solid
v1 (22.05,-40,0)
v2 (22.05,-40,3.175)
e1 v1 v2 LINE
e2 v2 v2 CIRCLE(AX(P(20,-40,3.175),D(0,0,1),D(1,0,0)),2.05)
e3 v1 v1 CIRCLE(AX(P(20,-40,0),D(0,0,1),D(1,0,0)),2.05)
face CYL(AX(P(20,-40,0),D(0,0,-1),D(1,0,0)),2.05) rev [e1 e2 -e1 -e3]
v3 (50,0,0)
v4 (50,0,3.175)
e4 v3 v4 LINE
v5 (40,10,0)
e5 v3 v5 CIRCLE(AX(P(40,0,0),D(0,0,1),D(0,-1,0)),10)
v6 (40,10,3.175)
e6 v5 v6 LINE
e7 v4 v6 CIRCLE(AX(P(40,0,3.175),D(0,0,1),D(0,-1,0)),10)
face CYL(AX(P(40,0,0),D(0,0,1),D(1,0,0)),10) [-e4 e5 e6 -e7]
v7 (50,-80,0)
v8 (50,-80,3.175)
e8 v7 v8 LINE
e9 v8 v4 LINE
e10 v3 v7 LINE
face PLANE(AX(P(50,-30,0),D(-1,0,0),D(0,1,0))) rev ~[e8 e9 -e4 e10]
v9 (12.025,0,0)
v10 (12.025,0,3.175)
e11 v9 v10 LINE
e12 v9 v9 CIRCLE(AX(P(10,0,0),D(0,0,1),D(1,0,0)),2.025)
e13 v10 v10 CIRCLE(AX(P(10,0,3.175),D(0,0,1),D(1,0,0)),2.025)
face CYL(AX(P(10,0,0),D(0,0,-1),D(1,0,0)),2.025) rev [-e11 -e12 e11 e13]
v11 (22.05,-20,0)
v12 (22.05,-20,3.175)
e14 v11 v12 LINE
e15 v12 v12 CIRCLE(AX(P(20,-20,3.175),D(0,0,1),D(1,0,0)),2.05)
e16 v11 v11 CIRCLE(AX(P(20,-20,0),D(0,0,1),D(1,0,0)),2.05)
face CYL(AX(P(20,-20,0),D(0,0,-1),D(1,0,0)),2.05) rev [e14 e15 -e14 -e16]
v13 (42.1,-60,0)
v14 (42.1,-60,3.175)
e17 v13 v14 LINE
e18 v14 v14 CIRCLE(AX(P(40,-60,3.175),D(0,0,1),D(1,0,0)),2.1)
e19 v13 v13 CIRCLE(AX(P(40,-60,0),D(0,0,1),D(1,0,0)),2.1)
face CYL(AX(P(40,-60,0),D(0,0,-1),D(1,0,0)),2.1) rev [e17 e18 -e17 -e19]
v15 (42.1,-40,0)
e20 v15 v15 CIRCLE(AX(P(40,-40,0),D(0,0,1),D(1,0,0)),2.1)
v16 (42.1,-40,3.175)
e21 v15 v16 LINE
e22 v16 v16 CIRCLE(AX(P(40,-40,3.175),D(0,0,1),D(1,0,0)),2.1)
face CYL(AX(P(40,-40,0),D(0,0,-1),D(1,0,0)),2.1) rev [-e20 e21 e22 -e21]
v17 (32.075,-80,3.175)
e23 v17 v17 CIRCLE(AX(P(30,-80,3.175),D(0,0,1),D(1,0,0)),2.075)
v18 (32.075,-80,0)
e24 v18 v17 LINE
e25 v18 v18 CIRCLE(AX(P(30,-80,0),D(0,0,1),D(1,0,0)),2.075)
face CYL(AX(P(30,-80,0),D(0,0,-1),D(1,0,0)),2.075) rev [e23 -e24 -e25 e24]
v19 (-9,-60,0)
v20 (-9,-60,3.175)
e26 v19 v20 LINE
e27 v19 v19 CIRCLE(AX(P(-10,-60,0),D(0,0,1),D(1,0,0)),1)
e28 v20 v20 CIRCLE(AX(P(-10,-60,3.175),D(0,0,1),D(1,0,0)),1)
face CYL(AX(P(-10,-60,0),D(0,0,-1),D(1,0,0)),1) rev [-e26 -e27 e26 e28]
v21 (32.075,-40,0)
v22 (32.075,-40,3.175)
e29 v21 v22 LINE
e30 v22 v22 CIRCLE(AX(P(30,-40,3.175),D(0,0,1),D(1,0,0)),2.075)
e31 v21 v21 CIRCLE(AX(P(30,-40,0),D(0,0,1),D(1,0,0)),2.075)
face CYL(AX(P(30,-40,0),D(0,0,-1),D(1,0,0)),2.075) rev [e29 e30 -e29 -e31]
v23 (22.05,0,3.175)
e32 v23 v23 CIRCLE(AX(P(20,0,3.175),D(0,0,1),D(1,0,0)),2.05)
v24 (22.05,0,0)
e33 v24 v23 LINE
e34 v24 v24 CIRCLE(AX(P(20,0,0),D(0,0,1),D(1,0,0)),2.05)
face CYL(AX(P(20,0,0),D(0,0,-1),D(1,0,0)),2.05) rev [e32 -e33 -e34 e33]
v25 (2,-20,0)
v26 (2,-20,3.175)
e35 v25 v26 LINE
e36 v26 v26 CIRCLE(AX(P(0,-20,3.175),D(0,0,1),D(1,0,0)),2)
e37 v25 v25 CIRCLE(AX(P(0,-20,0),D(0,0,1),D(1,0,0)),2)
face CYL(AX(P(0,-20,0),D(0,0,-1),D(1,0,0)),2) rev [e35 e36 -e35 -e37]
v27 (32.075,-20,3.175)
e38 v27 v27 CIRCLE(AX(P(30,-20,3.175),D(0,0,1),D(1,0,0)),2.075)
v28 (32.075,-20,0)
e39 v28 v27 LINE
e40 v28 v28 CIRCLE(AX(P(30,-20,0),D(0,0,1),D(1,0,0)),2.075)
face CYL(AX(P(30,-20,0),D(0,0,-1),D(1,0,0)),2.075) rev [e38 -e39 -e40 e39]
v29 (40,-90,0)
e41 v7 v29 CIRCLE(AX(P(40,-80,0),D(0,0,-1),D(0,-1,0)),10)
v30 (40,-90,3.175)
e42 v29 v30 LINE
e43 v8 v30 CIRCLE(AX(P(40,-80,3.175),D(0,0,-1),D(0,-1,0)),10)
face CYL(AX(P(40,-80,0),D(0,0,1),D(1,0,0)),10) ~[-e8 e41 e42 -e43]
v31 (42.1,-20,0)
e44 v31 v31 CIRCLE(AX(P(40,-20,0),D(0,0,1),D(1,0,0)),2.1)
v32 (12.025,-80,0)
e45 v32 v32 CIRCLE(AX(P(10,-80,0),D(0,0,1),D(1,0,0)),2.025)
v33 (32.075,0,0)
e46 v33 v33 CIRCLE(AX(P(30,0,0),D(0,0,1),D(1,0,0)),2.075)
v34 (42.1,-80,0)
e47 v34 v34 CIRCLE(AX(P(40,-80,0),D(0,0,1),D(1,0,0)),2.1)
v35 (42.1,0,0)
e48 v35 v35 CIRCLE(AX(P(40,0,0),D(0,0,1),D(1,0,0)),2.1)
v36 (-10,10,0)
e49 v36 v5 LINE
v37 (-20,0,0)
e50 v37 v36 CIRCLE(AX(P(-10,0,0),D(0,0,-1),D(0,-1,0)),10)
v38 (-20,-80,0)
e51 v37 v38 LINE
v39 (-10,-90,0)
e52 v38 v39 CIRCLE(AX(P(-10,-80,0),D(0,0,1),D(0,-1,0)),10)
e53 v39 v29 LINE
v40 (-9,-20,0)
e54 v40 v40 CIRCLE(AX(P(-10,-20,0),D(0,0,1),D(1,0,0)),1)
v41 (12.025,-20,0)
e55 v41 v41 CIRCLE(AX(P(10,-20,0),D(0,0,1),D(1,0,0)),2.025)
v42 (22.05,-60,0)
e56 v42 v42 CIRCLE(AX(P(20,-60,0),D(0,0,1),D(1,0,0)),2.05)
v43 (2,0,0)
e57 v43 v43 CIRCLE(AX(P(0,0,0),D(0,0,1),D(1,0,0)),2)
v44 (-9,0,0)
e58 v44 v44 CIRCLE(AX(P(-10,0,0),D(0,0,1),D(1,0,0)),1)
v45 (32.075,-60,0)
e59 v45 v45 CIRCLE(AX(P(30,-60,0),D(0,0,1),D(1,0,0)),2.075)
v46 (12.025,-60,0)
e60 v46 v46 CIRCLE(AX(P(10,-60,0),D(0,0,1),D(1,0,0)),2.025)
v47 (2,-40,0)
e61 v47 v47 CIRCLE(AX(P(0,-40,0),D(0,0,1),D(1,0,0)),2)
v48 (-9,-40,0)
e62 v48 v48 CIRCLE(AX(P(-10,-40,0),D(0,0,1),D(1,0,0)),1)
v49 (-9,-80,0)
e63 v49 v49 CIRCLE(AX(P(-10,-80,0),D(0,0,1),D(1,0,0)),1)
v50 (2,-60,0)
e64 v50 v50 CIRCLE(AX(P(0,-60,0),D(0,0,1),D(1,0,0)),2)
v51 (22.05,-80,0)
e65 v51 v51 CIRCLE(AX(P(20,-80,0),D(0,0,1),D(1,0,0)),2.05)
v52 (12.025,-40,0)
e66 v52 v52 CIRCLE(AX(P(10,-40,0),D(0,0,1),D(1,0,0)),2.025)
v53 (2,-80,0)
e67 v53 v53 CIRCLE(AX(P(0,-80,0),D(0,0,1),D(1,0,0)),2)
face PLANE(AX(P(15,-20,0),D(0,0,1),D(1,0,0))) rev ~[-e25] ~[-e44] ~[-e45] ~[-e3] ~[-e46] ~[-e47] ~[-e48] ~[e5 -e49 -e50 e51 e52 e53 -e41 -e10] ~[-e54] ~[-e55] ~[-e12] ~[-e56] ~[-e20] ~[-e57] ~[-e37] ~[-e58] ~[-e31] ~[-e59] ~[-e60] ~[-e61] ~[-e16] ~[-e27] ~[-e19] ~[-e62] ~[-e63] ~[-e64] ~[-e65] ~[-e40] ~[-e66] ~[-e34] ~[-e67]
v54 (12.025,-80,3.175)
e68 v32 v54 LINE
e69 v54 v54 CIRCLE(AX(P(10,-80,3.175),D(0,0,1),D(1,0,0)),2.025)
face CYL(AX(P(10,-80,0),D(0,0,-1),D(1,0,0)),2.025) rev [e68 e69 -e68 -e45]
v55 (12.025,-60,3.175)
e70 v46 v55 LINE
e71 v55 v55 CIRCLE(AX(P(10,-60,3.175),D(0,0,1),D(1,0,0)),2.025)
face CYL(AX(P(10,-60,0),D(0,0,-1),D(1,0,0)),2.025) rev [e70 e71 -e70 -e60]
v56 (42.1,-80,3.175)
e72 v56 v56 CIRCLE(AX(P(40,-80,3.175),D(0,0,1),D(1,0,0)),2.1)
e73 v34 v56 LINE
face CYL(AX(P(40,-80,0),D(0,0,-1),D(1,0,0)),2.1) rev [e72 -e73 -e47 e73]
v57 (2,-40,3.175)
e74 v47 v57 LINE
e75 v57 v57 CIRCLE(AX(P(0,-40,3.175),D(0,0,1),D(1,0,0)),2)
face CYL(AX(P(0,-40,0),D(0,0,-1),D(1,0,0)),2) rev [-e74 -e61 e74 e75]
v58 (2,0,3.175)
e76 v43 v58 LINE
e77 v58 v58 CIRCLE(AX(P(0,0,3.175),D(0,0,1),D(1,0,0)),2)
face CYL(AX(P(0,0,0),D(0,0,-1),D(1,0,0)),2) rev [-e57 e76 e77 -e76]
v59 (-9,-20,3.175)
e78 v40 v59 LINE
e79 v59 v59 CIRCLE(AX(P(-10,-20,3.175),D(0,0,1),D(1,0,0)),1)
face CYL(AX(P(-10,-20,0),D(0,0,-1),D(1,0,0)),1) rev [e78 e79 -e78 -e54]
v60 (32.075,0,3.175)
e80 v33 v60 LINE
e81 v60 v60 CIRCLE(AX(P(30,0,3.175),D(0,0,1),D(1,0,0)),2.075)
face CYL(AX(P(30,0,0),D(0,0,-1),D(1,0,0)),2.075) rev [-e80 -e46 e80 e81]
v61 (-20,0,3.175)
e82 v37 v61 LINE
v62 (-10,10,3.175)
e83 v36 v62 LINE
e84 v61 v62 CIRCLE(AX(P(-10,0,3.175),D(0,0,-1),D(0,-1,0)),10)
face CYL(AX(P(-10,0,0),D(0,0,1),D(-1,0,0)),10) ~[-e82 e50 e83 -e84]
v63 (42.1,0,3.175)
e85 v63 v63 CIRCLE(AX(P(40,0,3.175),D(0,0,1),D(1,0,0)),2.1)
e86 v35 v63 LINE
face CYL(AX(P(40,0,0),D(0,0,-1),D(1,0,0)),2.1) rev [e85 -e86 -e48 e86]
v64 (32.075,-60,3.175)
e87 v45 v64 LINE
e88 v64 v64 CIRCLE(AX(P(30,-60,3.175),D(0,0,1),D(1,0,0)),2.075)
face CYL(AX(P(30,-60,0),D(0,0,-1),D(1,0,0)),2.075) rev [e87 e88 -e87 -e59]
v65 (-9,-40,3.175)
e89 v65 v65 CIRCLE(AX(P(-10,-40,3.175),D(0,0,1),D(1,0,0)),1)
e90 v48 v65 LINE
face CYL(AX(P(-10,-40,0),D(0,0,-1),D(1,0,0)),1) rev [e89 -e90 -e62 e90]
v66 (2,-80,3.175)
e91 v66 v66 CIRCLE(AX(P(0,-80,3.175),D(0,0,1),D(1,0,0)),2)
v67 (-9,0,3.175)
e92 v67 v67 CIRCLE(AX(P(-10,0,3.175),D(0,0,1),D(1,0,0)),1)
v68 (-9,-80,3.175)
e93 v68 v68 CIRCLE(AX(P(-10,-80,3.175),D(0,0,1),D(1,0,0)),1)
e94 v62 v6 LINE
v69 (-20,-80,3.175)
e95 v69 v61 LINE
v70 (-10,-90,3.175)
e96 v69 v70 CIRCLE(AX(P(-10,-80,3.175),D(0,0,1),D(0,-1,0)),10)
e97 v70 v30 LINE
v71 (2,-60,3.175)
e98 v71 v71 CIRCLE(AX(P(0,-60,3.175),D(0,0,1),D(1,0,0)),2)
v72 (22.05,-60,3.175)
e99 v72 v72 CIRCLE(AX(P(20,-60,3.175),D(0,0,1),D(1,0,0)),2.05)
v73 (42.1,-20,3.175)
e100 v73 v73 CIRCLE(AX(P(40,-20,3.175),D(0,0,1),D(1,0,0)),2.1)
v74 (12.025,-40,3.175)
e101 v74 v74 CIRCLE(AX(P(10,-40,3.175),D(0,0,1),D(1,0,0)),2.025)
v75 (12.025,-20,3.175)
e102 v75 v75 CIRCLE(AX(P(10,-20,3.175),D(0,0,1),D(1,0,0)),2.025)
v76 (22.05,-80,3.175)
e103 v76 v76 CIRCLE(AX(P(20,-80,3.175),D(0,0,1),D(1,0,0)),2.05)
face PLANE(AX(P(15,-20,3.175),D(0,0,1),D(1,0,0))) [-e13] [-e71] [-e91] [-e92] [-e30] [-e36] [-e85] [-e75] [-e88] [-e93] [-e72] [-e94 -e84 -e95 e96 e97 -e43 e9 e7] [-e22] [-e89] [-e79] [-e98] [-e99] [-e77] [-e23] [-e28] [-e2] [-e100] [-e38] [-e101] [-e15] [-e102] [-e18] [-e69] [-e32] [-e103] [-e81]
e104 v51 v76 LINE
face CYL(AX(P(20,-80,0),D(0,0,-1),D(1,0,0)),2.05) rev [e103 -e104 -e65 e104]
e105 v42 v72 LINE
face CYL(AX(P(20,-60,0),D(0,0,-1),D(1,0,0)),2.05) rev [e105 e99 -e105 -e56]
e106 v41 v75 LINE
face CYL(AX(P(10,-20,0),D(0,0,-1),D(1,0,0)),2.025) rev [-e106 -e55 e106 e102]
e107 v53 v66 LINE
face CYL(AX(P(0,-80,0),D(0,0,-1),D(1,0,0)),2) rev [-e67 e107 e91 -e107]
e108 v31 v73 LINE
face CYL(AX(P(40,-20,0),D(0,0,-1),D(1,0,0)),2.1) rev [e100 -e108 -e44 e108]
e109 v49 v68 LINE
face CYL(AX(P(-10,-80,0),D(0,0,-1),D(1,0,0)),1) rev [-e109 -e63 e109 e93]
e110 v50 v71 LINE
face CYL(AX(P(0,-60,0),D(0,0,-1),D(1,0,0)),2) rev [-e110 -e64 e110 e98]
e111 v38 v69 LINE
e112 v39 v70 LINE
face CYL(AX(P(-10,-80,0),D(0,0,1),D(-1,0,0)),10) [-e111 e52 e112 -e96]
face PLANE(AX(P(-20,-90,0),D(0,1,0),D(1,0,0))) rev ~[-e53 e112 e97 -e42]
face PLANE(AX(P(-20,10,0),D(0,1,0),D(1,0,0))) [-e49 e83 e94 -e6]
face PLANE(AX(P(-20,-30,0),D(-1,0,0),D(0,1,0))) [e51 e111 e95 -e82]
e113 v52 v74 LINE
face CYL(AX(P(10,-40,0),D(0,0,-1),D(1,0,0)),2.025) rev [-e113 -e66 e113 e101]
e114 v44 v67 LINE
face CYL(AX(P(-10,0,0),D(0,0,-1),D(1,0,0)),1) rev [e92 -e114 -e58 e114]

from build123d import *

# Parameters (mm, degrees)
SKETCH1_W           = 70
SKETCH1_H           = 20
SKETCH1_R           = 2
SKETCH1_R_2         = 2.025
SKETCH1_R_3         = 2.05
SKETCH1_R_4         = 2.1
SKETCH1_R_5         = 2.075
SKETCH1_R_6         = 1
BOSS_EXTRUDE1_DEPTH = 3.175
LPATTERN1_COUNT     = 5
LPATTERN1_PITCH     = 20
FILLET1_R           = 10


with BuildPart() as part:
    # Sketch1 → Boss-Extrude1 (new body)
    with BuildSketch(Plane.XY):
        with Locations((15, 0)):
            Rectangle(SKETCH1_W, SKETCH1_H)
        Circle(SKETCH1_R, mode=Mode.SUBTRACT)
        with Locations((10, 0)):
            Circle(SKETCH1_R_2, mode=Mode.SUBTRACT)
        with Locations((20, 0)):
            Circle(SKETCH1_R_3, mode=Mode.SUBTRACT)
        with Locations((40, 0)):
            Circle(SKETCH1_R_4, mode=Mode.SUBTRACT)
        with Locations((30, 0)):
            Circle(SKETCH1_R_5, mode=Mode.SUBTRACT)
        with Locations((-10, 0)):
            Circle(SKETCH1_R_6, mode=Mode.SUBTRACT)
    boss_extrude1 = extrude(amount=BOSS_EXTRUDE1_DEPTH)

    # LPattern1: Boss-Extrude1 ×5
    with Locations(*[(0, -i * LPATTERN1_PITCH, 0) for i in range(1, LPATTERN1_COUNT)]):
        add(boss_extrude1)

    # Fillet1
    fillet1_edges = [part.edges().sort_by_distance(p)[0] for p in [
        (50, -90, 1.5875),
        (-20, -90, 1.5875),
        (-20, 10, 1.5875),
        (50, 10, 1.5875),
    ]]
    fillet(fillet1_edges, radius=FILLET1_R)


solid = part.part
